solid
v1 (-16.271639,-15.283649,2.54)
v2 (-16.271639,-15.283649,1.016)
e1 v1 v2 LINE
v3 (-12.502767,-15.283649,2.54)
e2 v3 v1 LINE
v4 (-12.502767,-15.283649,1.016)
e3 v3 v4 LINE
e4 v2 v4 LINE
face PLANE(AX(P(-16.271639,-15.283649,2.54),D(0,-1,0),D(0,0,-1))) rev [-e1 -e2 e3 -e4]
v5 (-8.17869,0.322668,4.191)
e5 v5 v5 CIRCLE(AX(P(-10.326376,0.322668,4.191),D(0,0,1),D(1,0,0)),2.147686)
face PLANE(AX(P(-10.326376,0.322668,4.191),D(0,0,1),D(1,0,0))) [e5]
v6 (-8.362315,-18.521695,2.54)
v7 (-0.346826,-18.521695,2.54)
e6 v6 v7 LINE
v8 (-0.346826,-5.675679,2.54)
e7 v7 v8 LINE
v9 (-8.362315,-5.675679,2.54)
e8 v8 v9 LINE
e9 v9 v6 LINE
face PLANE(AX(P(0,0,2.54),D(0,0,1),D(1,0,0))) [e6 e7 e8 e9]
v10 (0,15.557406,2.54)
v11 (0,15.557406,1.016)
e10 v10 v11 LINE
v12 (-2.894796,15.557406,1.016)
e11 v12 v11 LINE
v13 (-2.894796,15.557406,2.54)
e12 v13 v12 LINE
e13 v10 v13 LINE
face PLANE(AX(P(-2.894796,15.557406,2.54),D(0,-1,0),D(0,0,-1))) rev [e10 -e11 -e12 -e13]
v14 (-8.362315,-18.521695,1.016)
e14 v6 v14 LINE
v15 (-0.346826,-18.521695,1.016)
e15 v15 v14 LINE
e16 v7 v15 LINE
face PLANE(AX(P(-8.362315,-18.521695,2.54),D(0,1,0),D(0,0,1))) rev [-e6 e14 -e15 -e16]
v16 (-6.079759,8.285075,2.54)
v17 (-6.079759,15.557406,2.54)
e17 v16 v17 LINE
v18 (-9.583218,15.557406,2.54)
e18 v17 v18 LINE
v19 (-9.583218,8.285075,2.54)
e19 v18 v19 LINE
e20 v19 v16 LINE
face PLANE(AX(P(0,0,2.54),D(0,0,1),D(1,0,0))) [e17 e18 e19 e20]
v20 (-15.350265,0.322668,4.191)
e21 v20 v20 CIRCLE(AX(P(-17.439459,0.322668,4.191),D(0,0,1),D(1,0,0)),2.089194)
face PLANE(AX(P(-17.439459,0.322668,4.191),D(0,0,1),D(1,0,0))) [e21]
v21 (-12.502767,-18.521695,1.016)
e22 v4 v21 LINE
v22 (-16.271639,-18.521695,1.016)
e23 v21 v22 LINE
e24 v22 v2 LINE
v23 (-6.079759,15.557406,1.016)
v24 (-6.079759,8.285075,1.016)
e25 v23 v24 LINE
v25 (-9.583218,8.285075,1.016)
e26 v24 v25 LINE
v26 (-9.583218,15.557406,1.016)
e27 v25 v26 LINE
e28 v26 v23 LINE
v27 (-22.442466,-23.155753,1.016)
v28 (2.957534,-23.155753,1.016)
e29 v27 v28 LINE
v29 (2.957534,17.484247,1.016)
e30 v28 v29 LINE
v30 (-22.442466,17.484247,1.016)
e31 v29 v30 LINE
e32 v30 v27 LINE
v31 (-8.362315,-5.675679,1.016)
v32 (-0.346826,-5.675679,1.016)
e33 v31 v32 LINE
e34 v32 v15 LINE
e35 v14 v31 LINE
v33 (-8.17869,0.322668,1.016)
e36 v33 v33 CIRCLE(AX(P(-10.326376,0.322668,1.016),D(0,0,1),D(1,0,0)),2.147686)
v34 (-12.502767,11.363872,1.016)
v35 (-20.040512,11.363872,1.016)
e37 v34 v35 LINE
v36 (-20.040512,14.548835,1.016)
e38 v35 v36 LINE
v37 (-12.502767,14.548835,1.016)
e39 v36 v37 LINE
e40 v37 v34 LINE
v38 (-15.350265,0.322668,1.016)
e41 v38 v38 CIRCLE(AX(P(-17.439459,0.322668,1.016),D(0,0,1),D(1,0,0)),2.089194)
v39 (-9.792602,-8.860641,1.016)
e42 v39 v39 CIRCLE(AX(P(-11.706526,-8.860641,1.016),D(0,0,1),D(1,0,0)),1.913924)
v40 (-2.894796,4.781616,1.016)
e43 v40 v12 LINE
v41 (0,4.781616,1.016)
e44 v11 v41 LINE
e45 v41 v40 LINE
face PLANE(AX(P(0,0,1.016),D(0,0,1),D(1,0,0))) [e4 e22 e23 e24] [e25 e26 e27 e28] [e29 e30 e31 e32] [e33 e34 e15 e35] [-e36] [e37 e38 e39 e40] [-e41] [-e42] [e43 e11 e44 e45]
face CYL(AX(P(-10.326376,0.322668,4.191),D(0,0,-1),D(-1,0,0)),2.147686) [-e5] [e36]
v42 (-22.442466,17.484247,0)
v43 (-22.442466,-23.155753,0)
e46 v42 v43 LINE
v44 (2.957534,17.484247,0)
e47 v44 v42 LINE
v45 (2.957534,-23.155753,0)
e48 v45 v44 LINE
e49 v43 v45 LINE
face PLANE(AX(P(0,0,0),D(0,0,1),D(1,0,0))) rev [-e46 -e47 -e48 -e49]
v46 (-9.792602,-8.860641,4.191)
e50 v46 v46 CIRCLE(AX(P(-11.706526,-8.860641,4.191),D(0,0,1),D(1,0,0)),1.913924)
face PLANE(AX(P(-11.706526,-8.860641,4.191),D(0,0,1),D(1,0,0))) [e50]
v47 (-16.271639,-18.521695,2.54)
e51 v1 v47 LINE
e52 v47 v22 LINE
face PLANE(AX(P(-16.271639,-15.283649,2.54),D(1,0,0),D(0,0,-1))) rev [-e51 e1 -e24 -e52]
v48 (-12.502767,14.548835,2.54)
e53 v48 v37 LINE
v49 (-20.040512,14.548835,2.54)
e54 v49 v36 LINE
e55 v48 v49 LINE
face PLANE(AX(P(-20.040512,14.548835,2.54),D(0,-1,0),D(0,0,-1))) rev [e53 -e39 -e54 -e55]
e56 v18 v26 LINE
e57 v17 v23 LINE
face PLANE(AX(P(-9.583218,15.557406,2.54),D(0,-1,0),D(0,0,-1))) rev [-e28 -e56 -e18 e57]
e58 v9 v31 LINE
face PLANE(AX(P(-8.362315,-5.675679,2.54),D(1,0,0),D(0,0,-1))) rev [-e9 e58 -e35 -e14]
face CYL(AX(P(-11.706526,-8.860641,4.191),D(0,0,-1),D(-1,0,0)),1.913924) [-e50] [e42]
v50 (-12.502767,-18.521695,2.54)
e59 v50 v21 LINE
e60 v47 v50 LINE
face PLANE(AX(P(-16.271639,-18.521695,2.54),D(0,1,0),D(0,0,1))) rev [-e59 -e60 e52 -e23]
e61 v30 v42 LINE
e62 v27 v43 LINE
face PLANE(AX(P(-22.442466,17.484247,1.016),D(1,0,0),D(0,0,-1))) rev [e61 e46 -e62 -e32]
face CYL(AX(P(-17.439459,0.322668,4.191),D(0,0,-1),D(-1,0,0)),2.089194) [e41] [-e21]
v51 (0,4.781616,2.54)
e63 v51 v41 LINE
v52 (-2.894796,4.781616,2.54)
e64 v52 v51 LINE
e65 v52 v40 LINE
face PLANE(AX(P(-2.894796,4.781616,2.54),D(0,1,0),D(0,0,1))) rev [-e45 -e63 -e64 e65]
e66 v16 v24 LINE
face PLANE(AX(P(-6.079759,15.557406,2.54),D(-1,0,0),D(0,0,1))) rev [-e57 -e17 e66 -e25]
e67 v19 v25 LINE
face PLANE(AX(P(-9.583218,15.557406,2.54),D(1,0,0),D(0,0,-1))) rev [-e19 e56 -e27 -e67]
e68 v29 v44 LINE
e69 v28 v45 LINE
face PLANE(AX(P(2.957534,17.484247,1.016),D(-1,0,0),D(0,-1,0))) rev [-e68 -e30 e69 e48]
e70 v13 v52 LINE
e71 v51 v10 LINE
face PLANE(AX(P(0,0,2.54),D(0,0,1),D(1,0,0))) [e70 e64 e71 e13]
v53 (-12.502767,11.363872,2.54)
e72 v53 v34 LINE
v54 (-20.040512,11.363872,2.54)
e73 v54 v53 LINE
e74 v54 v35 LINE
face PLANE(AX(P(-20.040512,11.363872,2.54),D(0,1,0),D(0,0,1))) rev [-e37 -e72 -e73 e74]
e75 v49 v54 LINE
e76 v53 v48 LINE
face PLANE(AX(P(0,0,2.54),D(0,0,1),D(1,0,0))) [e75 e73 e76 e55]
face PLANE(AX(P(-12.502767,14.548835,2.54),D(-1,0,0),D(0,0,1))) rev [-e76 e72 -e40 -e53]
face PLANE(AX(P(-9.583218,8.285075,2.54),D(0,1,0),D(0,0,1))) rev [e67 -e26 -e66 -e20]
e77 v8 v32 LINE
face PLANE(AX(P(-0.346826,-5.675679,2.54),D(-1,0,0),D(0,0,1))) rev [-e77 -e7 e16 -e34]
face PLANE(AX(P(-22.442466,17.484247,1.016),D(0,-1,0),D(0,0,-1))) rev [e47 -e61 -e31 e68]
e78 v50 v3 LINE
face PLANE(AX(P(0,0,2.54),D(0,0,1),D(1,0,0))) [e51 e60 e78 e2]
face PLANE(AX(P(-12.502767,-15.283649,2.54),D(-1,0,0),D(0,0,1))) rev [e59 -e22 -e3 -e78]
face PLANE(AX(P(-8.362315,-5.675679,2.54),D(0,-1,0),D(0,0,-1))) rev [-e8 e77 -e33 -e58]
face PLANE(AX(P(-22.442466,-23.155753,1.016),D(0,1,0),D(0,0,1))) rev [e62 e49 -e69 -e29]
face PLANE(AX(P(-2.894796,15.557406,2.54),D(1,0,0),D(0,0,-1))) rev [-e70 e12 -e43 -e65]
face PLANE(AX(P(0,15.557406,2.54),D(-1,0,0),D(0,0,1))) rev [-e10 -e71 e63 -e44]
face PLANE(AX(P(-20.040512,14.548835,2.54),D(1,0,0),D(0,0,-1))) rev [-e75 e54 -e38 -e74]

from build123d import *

# Parameters (mm, degrees)
SKETCH1_W           = 25.4
SKETCH1_H           = 40.64
BOSS_EXTRUDE1_DEPTH = 1.016
SKETCH4_R           = 2.089194207
SKETCH4_R_2         = 2.147685622
SKETCH4_R_3         = 1.913924405
BOSS_EXTRUDE3_DEPTH = 3.175
SKETCH3_W           = 2.894795888
SKETCH3_H           = 10.775790564
SKETCH3_W_2         = 3.503459001
SKETCH3_H_2         = 7.272331563
SKETCH3_W_3         = 7.537745123
SKETCH3_H_3         = 3.184962728
SKETCH3_W_4         = 3.768872561
SKETCH3_H_4         = 3.23804544
SKETCH3_W_5         = 8.015489533
SKETCH3_H_5         = 12.846016337
BOSS_EXTRUDE2_DEPTH = 2.54


with BuildPart() as part:
    # Sketch1 → Boss-Extrude1 (new body)
    with BuildSketch(Plane.XY):
        with Locations((-9.742465753, -2.835753425)):
            Rectangle(SKETCH1_W, SKETCH1_H)
    extrude(amount=BOSS_EXTRUDE1_DEPTH)

    # Sketch4 → Boss-Extrude3 (add)
    with BuildSketch(Plane.XY.offset(1.016)):
        with Locations((-17.439459013, 0.322667948)):
            Circle(SKETCH4_R)
        with Locations((-10.326375587, 0.322667948)):
            Circle(SKETCH4_R_2)
        with Locations((-11.706526103, -8.860641252)):
            Circle(SKETCH4_R_3)
    extrude(amount=BOSS_EXTRUDE3_DEPTH)

    # Sketch3 → Boss-Extrude2 (add)
    with BuildSketch(Plane.XY):
        with Locations((-1.447397944, 10.169511049)):
            Rectangle(SKETCH3_W, SKETCH3_H)
        with Locations((-7.831488117, 11.92124055)):
            Rectangle(SKETCH3_W_2, SKETCH3_H_2)
        with Locations((-16.271639347, 12.956353436)):
            Rectangle(SKETCH3_W_3, SKETCH3_H_3)
        with Locations((-14.387203065, -16.902672141)):
            Rectangle(SKETCH3_W_4, SKETCH3_H_4)
        with Locations((-4.354570472, -12.098686692)):
            Rectangle(SKETCH3_W_5, SKETCH3_H_5)
    extrude(amount=BOSS_EXTRUDE2_DEPTH)


solid = part.part
